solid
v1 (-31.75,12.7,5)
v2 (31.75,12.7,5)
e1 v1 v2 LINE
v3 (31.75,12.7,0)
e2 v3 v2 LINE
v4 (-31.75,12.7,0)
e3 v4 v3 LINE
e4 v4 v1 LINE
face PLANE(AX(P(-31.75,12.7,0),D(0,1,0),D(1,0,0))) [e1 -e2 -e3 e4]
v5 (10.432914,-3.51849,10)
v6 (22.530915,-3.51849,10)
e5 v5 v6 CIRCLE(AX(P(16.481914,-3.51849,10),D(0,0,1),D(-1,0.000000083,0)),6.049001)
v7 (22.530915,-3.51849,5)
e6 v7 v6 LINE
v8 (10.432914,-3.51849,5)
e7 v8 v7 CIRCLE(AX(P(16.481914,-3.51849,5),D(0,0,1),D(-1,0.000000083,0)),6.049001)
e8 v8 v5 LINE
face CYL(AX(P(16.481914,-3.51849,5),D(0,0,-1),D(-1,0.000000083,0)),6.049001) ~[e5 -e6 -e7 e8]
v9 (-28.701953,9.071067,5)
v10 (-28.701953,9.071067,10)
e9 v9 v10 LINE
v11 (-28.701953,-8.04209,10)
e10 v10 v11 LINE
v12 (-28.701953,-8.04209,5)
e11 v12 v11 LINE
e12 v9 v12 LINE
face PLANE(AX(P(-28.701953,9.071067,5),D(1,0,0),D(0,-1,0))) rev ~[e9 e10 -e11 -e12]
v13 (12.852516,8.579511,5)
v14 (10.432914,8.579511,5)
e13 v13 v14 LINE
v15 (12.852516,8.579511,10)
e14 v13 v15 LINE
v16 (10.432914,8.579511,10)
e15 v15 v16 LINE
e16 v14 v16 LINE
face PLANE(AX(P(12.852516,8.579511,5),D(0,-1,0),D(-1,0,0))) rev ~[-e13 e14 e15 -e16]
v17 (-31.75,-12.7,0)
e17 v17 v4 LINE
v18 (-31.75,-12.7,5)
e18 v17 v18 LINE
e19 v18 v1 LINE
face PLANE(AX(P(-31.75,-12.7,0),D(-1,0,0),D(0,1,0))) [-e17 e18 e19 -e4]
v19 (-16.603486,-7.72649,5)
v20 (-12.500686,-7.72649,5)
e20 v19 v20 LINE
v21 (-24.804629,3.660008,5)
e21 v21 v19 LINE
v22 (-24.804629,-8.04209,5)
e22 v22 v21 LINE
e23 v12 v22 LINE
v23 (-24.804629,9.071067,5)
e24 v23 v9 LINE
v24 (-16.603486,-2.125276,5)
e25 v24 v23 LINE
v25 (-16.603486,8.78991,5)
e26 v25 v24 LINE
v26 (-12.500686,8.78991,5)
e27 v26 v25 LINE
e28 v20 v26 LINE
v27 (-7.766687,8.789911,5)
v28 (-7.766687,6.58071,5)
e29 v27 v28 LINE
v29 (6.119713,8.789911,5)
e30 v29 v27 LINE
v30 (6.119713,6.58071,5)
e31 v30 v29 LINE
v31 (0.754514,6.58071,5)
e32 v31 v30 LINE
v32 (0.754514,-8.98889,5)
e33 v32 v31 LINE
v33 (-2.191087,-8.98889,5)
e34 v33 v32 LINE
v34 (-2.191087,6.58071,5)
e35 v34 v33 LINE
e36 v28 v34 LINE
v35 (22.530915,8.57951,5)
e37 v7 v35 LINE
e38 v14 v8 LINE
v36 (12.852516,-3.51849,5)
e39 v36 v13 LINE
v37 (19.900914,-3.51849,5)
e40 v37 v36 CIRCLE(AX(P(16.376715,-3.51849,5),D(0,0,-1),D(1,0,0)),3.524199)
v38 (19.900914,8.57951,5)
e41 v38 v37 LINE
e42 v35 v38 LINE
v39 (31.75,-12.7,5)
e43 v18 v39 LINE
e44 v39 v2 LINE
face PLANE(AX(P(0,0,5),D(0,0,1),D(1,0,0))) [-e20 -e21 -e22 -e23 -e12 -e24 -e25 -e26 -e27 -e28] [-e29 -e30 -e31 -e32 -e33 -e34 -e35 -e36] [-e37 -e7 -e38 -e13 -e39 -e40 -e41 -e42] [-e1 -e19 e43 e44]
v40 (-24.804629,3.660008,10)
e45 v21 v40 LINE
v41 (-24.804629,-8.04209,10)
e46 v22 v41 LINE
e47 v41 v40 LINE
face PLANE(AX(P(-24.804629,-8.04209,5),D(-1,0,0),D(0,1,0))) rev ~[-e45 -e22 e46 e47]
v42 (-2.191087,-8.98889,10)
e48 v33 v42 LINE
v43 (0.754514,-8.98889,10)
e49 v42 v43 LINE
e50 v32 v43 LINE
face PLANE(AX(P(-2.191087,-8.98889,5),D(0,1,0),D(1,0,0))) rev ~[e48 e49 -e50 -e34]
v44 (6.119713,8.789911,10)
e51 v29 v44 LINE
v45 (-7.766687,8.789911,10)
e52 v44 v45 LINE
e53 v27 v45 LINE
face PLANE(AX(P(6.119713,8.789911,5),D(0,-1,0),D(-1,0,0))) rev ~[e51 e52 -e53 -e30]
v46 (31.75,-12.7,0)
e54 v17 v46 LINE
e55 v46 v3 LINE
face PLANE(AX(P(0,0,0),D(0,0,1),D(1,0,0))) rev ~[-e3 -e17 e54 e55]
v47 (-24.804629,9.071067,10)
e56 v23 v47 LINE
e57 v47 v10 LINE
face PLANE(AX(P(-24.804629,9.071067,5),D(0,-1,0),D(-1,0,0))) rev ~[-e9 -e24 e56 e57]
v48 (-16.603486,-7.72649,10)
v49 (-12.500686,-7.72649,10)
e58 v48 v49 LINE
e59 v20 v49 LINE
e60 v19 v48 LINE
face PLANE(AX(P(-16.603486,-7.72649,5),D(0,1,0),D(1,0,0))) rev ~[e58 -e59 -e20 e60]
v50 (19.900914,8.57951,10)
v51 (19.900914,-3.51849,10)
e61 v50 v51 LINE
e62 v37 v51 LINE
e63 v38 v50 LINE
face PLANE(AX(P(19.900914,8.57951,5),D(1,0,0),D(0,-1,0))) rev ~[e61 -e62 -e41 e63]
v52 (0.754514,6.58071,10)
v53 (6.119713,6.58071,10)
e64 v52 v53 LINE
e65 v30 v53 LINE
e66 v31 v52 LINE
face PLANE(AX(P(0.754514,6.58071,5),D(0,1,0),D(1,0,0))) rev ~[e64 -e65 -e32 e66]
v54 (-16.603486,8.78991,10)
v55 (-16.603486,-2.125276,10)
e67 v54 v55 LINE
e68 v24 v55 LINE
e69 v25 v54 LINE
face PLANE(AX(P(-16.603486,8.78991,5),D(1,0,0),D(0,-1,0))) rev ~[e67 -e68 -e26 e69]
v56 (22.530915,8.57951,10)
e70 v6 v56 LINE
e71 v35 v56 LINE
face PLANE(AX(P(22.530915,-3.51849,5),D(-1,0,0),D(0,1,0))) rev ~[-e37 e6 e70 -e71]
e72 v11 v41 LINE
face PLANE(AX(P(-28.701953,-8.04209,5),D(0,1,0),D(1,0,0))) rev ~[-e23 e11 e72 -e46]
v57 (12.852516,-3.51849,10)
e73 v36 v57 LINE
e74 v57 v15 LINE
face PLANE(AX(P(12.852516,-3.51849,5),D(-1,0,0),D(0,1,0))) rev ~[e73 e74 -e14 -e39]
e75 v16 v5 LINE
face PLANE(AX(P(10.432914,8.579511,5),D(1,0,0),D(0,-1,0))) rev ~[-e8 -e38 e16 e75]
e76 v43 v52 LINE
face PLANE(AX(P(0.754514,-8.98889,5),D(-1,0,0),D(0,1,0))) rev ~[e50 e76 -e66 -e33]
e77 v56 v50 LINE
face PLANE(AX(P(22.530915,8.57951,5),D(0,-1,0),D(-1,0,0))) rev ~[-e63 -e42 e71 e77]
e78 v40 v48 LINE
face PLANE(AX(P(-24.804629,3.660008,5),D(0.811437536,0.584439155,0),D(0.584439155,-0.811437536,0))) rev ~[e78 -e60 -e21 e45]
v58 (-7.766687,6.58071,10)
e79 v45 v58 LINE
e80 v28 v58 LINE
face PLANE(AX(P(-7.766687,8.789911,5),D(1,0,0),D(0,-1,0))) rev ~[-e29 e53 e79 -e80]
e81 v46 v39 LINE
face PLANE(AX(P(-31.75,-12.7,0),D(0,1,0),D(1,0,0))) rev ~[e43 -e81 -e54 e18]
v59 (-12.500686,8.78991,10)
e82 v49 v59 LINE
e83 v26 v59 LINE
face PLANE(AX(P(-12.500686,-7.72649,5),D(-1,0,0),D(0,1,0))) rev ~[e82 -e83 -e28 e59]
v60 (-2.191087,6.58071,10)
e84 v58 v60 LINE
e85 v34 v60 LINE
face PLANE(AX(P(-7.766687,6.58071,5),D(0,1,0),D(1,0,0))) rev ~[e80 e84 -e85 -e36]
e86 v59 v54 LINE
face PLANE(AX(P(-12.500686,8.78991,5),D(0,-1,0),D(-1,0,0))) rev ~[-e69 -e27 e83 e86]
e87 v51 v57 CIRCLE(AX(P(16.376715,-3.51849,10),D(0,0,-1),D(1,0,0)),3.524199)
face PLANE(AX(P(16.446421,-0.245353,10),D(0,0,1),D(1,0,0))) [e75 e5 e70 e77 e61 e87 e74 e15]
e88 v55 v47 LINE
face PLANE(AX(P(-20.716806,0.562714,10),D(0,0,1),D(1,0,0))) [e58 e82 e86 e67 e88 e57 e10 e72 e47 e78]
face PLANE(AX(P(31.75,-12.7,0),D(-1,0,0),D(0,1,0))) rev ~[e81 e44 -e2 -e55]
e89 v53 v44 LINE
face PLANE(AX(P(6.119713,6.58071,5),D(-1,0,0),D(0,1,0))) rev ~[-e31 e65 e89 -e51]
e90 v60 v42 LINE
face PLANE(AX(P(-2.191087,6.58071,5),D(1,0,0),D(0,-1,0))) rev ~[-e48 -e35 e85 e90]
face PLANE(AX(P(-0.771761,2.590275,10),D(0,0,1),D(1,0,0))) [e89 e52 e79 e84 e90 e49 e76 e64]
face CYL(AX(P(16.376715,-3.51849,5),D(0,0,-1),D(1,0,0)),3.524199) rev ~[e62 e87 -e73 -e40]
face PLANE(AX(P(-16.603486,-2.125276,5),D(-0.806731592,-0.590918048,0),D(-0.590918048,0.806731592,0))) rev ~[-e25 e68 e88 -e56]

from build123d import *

# Parameters (mm, degrees)
F0_W     = 63.5
F0_H     = 25.4
F1_DEPTH = 5
F3_DEPTH = 5


with BuildPart() as f1:
    # F0 (on Top) → F1 (new body)
    with BuildSketch(Plane.XY):
        Rectangle(F0_W, F0_H)
    extrude(amount=F1_DEPTH)

    # F2 (on face) → F3 (join)
    with BuildSketch(Plane.XY.offset(5)):
        Polygon((-24.804629, 9.071067), (-28.701953, 9.071067), (-28.701953, -8.04209), (-24.804629, -8.04209), (-24.804629, 3.660008), (-16.603486, -7.72649), (-12.500686, -7.72649), (-12.500686, 8.78991), (-16.603486, 8.78991), (-16.603486, -2.125276), align=None)
        Polygon((-2.191087, 8.789911), (-7.766687, 8.789911), (-7.766687, 6.58071), (-2.191087, 6.58071), (-2.191087, -8.98889), (0.754514, -8.98889), (0.754514, 6.58071), (6.119713, 6.58071), (6.119713, 8.789911), (0.754514, 8.789911), align=None)
        with BuildLine():
            Line((12.852516, 8.579511), (10.432914, 8.579511))
            Line((10.432914, 8.579511), (10.432914, -3.51849))
            ThreePointArc((10.432914, -3.51849), (16.481915, -9.567491), (22.530915, -3.51849))
            Line((22.530915, -3.51849), (22.530915, 8.57951))
            Line((22.530915, 8.57951), (19.900914, 8.57951))
            Line((19.900914, 8.57951), (19.900914, -3.51849))
            ThreePointArc((19.900914, -3.51849), (16.376715, -7.042689), (12.852516, -3.51849))
            Line((12.852516, -3.51849), (12.852516, 8.579511))
        make_face()
    extrude(amount=F3_DEPTH)


solid = f1.part
